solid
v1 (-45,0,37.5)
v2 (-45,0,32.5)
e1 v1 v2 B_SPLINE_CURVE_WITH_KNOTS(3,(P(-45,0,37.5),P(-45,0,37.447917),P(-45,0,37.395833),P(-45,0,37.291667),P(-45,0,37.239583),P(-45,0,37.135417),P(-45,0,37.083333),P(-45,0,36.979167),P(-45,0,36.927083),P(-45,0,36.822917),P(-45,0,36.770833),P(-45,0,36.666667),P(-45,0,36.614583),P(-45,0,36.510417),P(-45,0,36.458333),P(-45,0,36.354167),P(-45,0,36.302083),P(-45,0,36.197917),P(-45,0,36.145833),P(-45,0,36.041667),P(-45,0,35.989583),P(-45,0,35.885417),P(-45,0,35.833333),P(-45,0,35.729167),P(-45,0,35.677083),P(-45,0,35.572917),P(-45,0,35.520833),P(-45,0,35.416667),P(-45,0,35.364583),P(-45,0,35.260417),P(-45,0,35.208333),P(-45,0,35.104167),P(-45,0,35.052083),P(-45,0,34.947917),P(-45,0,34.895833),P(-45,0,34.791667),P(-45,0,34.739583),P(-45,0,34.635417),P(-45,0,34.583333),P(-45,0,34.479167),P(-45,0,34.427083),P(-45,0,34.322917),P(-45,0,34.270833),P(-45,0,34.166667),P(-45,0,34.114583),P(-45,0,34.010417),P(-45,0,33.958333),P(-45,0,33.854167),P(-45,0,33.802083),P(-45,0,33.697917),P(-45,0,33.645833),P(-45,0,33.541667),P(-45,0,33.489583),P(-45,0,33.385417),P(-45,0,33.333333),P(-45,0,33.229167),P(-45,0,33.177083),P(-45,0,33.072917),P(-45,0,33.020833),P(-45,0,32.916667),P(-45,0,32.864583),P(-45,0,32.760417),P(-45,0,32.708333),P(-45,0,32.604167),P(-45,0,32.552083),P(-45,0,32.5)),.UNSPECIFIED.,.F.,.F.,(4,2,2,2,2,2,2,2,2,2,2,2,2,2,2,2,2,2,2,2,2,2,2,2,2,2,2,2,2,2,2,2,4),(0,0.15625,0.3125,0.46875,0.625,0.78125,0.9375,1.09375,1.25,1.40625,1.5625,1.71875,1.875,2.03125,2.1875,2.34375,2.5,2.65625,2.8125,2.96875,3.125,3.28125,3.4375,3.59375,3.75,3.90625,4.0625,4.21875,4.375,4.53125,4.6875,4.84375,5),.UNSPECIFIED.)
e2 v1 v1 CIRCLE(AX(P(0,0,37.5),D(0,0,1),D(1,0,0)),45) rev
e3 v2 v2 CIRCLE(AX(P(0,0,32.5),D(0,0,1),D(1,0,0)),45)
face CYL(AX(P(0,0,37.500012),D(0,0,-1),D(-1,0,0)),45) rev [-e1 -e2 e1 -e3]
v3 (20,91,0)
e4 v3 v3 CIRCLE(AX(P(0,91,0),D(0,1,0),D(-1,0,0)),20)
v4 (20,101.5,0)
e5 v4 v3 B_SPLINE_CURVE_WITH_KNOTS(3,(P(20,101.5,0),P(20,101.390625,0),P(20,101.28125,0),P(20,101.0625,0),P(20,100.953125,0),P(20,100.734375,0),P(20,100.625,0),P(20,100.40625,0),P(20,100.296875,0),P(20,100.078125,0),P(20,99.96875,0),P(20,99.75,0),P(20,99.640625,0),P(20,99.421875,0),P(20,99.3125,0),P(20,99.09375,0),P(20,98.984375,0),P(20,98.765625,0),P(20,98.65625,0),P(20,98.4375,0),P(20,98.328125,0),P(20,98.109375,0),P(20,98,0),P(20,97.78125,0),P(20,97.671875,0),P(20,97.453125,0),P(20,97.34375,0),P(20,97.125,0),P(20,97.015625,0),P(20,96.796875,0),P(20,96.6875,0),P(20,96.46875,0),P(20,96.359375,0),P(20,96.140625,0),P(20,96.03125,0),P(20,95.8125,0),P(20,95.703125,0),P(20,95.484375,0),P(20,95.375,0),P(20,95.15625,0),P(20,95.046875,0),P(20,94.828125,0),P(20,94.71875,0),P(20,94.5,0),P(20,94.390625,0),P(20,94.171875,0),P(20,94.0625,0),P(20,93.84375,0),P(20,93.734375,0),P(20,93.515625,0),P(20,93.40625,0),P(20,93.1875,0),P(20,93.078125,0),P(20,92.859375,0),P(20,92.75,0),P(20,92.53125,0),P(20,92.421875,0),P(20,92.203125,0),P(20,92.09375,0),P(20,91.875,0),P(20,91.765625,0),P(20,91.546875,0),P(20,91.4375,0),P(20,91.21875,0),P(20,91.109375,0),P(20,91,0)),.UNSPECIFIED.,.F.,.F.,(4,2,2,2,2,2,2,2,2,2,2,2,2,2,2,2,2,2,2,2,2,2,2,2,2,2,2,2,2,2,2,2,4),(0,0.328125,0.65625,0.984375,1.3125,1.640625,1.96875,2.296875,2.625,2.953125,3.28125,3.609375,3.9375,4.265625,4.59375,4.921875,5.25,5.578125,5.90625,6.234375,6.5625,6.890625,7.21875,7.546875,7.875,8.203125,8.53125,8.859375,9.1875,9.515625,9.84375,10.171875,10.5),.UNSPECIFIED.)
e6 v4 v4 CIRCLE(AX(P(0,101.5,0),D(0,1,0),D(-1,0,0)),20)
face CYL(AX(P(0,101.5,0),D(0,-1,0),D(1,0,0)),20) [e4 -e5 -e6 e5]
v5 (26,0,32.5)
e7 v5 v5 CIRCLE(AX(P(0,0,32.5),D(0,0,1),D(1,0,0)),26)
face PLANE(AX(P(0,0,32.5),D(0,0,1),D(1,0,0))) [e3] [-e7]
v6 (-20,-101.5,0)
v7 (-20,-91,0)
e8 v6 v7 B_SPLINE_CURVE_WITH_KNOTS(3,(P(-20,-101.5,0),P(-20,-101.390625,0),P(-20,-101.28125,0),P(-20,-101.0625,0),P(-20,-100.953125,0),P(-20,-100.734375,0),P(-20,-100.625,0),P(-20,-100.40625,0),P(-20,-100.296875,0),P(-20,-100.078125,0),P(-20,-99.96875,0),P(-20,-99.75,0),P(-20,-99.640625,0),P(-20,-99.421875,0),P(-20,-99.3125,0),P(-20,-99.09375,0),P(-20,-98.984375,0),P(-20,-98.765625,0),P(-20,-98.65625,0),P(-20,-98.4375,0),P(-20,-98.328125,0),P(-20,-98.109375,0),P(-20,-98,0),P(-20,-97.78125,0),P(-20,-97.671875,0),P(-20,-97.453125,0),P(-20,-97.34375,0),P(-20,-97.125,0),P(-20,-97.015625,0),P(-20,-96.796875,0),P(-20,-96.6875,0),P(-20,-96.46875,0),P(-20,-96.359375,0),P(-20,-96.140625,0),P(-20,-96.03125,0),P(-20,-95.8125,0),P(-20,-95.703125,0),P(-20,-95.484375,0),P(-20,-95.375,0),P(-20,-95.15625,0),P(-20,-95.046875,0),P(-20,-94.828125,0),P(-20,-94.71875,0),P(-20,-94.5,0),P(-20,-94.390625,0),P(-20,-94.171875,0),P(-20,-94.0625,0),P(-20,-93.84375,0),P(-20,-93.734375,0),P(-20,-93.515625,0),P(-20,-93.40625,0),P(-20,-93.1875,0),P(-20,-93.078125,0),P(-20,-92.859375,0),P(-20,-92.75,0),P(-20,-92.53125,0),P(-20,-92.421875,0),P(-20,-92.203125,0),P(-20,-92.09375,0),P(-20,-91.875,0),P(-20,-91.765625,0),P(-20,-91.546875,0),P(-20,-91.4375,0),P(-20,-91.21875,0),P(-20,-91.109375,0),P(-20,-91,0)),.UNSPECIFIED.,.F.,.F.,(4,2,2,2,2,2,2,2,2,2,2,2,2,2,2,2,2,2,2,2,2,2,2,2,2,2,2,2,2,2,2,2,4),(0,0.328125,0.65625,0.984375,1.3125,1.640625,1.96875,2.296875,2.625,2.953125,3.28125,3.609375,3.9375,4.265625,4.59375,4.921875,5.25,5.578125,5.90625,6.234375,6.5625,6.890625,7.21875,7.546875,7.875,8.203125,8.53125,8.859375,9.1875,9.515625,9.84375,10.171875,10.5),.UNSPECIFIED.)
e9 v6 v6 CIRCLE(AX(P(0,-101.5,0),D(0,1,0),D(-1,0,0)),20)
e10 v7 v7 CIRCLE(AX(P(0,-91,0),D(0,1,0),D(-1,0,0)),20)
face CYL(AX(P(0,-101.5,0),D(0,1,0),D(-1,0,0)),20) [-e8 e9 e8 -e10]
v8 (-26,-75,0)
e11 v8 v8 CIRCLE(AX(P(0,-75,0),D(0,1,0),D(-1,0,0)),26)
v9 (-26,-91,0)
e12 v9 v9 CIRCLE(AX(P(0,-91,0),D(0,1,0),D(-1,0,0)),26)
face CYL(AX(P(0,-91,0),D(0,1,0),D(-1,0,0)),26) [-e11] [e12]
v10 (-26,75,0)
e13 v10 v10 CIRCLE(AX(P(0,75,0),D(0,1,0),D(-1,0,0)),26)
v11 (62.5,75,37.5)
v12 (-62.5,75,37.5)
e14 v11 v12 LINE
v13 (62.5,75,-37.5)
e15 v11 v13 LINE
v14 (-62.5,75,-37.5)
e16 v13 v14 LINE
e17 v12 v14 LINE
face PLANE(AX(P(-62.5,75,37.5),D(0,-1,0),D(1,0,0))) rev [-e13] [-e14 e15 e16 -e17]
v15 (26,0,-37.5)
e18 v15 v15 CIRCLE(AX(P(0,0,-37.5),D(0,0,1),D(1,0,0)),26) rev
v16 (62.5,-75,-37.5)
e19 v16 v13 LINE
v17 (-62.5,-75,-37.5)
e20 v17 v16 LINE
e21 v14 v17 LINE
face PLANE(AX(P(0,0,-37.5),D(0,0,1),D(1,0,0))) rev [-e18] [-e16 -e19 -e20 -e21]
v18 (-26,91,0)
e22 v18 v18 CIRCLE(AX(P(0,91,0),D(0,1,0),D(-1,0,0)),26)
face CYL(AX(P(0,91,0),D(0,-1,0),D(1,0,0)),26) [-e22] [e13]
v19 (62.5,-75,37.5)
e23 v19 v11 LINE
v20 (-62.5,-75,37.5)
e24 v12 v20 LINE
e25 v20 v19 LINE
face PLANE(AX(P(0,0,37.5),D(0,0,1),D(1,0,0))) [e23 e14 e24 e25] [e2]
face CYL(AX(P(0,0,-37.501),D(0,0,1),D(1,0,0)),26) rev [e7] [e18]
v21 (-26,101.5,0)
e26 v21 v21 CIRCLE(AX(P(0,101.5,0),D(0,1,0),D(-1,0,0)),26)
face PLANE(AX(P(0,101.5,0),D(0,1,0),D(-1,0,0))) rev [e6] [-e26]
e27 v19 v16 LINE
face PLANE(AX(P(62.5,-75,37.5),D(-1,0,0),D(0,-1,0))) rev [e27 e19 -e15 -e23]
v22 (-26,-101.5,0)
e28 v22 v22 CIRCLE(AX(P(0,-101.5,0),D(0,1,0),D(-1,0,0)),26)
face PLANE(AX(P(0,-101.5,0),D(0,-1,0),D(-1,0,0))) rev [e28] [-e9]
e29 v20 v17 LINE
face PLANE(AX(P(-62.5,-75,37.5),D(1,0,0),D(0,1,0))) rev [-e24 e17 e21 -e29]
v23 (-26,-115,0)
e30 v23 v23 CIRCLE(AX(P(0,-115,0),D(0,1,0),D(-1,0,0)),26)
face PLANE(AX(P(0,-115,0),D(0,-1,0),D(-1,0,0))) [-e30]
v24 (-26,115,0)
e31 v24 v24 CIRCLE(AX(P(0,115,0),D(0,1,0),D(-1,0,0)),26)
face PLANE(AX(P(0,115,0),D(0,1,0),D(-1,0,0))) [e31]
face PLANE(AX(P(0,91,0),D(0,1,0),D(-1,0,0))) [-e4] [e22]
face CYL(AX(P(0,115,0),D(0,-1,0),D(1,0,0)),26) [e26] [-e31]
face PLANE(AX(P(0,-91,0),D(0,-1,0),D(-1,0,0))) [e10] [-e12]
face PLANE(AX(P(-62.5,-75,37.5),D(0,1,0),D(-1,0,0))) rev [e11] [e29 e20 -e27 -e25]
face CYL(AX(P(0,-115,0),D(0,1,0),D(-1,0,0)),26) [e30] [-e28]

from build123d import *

# Parameters (mm, degrees)
SKETCH1_W               = 150
SKETCH1_H               = 125
BOSS_EXTRUDE1_DEPTH     = 37.5
CUT_EXTRUDE1_DEPTH      = 124.110722522
CUT_EXTRUDE1_DEPTH_BACK = 5
SKETCH2_R               = 45
CUT_EXTRUDE2_REACH      = 122.13
SKETCH3_R               = 26
SKETCH4_R               = 26
BOSS_EXTRUDE2_DEPTH     = 16
SKETCH5_R               = 20
BOSS_EXTRUDE3_DEPTH     = 10.5
SKETCH6_R               = 26
BOSS_EXTRUDE4_DEPTH     = 13.5


with BuildPart() as part:
    # Sketch1 → Boss-Extrude1 (new, symmetric)
    with BuildSketch(Plane(origin=(0, 0, 0), x_dir=(0, 1, 0), z_dir=(0, 0, 1))):
        Rectangle(SKETCH1_W, SKETCH1_H)
    extrude(amount=BOSS_EXTRUDE1_DEPTH, both=True)

    # Sketch2 → Cut-Extrude1 (cut, two sides: drawn at the far end of the back side and taken through both)
    with BuildSketch(Plane.XY.offset(37.5).offset(-CUT_EXTRUDE1_DEPTH_BACK)):
        with Locations(Location((0, 0, 0), (0, 0, 180))):
            Circle(SKETCH2_R)
    extrude(amount=CUT_EXTRUDE1_DEPTH + CUT_EXTRUDE1_DEPTH_BACK, mode=Mode.SUBTRACT)

    # Sketch3 → Cut-Extrude2 (cut, up to next)
    with BuildSketch(Plane.XY.offset(32.5), mode=Mode.PRIVATE) as cut_extrude2_sk1:
        Circle(SKETCH3_R)
    cut_extrude2_tool1 = extrude(cut_extrude2_sk1.sketch, amount=-CUT_EXTRUDE2_REACH, mode=Mode.PRIVATE) & part.part
    add(cut_extrude2_tool1.solids().sort_by_distance((0, 0, 32.5))[0], mode=Mode.SUBTRACT)

    # Sketch4 → Boss-Extrude2 (add)
    with BuildSketch(Plane(origin=(0, 75, 0), x_dir=(-1, 0, 0), z_dir=(0, 1, 0))):
        Circle(SKETCH4_R)
    boss_extrude2 = extrude(amount=BOSS_EXTRUDE2_DEPTH)

    # Sketch5 → Boss-Extrude3 (add)
    with BuildSketch(Plane(origin=(0, 91, 0), x_dir=(-1, 0, 0), z_dir=(0, 1, 0))):
        with Locations(Location((0, 0, 0), (0, 0, 180))):
            Circle(SKETCH5_R)
    boss_extrude3 = extrude(amount=BOSS_EXTRUDE3_DEPTH)

    # Sketch6 → Boss-Extrude4 (add)
    with BuildSketch(Plane(origin=(0, 101.5, 0), x_dir=(-1, 0, 0), z_dir=(0, 1, 0))):
        Circle(SKETCH6_R)
    boss_extrude4 = extrude(amount=BOSS_EXTRUDE4_DEPTH)

    # Mirror1: Boss-Extrude2, Boss-Extrude3, Boss-Extrude4 across plane
    add(boss_extrude2.mirror(Plane.ZX))
    add(boss_extrude3.mirror(Plane.ZX))
    add(boss_extrude4.mirror(Plane.ZX))


solid = part.part
